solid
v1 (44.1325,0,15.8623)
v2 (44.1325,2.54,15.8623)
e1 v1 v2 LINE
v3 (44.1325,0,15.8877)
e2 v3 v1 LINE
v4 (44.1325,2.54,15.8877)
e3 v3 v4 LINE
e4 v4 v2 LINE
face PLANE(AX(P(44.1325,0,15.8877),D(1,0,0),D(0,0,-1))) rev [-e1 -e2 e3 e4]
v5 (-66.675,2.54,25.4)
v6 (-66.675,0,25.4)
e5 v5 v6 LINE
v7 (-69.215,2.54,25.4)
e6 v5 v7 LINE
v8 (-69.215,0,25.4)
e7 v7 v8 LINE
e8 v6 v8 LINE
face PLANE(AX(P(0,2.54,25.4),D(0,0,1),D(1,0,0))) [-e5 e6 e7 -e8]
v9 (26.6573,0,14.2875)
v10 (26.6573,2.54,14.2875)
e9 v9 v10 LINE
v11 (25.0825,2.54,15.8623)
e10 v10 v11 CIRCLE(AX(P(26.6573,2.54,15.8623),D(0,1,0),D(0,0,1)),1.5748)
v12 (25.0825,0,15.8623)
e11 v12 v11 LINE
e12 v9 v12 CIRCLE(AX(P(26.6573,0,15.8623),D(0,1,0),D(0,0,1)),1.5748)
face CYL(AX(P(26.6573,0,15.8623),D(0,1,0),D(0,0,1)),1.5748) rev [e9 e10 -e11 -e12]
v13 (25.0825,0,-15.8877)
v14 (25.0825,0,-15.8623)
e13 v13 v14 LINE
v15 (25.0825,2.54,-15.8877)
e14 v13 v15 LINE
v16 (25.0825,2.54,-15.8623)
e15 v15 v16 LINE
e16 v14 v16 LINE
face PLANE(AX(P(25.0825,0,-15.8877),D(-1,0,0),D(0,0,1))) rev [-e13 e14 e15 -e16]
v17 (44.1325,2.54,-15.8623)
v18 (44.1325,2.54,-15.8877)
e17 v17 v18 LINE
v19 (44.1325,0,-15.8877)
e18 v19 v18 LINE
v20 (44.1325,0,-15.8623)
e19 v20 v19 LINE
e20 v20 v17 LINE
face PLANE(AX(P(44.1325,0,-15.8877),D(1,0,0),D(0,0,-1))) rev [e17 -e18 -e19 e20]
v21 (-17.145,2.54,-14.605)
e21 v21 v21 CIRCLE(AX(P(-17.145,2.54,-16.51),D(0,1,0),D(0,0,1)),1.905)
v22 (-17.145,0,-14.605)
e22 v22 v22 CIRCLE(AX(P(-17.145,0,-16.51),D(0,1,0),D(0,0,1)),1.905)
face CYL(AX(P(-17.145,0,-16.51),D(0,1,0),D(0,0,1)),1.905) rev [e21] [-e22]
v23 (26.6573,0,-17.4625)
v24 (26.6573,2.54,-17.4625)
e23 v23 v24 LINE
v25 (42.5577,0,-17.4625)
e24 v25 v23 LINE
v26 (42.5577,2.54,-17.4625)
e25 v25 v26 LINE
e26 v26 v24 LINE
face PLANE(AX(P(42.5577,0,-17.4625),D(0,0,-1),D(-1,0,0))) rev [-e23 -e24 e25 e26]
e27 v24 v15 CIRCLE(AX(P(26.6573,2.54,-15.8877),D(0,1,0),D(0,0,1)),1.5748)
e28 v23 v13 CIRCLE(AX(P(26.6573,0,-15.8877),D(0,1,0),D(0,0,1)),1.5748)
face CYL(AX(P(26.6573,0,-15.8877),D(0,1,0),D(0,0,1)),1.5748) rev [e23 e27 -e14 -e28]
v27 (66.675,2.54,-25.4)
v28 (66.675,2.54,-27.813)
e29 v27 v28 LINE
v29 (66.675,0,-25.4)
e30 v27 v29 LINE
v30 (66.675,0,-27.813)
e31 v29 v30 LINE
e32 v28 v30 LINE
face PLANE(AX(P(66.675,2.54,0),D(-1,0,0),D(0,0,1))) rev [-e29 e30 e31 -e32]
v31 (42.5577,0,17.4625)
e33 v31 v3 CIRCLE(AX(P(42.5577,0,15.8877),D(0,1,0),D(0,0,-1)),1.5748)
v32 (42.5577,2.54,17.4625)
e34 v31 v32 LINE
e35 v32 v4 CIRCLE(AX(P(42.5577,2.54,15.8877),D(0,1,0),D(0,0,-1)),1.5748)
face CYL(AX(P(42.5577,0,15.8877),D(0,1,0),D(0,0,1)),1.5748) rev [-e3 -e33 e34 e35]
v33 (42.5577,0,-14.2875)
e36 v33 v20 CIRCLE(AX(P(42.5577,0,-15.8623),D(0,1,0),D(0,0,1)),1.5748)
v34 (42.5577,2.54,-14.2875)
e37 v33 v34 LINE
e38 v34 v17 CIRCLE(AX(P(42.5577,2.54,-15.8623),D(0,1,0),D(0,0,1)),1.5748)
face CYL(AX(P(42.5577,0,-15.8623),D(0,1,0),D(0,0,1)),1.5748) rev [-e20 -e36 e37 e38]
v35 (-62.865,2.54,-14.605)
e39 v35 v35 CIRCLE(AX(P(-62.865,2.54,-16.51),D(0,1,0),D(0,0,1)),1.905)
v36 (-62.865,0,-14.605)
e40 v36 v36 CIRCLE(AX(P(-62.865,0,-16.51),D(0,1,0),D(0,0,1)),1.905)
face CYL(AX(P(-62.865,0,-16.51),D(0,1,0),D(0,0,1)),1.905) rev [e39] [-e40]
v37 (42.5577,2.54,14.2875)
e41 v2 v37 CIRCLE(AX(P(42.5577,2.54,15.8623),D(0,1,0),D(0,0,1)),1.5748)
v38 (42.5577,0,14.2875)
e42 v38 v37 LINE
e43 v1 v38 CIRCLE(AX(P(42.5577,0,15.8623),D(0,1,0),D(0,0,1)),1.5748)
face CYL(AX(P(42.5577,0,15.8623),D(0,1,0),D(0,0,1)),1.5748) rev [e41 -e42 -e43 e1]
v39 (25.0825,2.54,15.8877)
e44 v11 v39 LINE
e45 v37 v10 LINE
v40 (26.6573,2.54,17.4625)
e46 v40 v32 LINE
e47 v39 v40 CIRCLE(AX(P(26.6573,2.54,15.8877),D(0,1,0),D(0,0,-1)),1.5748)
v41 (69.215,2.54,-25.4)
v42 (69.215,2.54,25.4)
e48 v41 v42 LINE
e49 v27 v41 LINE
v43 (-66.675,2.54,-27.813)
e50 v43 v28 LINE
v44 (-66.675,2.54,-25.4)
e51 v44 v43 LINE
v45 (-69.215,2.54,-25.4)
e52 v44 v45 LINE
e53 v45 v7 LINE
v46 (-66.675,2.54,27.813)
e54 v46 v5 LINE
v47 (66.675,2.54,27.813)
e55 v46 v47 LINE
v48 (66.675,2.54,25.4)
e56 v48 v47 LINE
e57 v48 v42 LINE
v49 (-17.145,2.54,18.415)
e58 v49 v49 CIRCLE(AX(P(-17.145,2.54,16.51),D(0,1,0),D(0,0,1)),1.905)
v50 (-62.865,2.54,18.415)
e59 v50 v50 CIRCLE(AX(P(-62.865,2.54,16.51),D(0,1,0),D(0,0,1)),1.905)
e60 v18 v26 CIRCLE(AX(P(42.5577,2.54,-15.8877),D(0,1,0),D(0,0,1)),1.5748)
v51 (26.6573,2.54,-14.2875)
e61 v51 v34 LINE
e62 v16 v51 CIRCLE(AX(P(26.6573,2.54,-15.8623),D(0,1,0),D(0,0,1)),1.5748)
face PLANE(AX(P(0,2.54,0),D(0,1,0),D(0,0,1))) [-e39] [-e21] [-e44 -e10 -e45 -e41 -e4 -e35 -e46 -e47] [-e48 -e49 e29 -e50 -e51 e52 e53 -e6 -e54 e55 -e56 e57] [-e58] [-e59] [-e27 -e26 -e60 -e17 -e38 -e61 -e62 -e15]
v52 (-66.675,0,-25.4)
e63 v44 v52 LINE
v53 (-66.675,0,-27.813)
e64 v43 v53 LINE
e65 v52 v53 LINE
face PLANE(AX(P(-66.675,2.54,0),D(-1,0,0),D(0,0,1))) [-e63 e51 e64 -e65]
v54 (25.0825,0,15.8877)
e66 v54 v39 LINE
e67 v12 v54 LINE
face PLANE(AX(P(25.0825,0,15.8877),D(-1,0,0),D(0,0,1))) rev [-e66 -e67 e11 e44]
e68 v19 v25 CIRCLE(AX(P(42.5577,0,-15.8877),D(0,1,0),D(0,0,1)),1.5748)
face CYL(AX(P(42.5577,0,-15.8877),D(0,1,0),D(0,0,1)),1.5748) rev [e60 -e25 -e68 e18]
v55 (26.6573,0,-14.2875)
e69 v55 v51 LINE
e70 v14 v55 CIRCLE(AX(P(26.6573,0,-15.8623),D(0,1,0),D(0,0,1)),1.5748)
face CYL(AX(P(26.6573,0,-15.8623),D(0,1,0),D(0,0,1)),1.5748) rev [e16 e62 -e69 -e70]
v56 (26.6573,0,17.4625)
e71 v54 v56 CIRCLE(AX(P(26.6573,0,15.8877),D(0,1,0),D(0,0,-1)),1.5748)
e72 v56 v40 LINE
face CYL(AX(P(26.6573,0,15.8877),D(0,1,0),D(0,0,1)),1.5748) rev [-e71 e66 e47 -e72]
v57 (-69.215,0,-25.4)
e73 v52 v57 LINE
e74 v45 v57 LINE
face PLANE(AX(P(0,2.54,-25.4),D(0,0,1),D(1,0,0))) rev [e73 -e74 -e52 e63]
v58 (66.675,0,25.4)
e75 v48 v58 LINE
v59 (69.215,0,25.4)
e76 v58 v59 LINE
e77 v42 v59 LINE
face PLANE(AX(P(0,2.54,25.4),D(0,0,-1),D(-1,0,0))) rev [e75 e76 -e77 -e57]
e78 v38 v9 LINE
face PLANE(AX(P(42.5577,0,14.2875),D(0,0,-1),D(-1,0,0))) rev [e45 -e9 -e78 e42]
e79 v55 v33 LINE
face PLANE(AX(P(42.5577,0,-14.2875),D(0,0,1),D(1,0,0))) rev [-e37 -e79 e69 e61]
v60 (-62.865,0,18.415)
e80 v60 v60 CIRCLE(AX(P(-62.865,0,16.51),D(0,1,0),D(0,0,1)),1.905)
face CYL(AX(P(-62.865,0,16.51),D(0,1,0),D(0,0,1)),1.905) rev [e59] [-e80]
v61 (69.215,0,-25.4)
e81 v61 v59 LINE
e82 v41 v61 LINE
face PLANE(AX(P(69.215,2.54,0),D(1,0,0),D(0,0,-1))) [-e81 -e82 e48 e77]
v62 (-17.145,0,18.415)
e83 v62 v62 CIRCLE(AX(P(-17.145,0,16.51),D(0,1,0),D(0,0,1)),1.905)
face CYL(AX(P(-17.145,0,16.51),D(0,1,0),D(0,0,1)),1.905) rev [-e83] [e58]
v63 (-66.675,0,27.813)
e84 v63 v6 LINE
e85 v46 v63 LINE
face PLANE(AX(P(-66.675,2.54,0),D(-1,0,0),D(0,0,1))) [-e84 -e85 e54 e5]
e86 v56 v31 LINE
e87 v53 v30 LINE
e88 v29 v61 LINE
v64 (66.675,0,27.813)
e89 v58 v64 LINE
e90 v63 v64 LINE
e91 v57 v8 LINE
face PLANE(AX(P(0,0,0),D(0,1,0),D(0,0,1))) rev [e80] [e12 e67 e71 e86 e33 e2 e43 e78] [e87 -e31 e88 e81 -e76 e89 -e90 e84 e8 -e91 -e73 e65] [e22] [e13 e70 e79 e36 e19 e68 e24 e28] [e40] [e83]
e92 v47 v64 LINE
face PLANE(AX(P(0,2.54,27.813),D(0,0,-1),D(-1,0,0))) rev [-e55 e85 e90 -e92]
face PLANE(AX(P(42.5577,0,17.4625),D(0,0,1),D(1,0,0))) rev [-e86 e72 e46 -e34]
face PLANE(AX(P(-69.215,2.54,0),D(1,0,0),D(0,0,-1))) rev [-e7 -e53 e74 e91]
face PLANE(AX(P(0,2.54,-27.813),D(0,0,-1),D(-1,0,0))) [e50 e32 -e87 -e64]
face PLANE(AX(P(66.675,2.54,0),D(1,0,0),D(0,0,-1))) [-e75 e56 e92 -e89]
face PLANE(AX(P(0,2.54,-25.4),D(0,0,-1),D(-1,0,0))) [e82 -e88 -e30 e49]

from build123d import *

# Parameters (mm, degrees)
BOSS_EXTRUDE1_DEPTH = 2.54
CUT_EXTRUDE1_DEPTH  = 3.54
CUT_EXTRUDE2_DEPTH  = 3.54


with BuildPart() as part:
    # Sketch1 → Boss-Extrude1 (new body)
    with BuildSketch(Plane(origin=(0, 0, 0), x_dir=(1, 0, 0), z_dir=(0, 1, 0))):
        Polygon((-66.675, 25.4), (-69.215, 25.4), (-69.215, -25.4), (-66.675, -25.4), (-66.675, -27.813), (66.675, -27.813), (66.675, -25.4), (69.215, -25.4), (69.215, 25.4), (66.675, 25.4), (66.675, 27.813), (-66.675, 27.813), align=None)
    extrude(amount=BOSS_EXTRUDE1_DEPTH)

    # Sketch2 → Cut-Extrude1 (cut, through all)
    with BuildSketch(Plane(origin=(0, 2.54, 0), x_dir=(1, 0, 0), z_dir=(0, 1, 0))):
        with BuildLine():
            ThreePointArc((-60.96, 16.51), (-64.212038418, 17.857038418), (-62.865, 14.605))
            Line((-62.865, 14.605), (-62.865, 16.51))
            Line((-62.865, 16.51), (-60.96, 16.51))
        make_face()
        with BuildLine():
            Line((-62.865, 16.51), (-62.865, 14.605))
            ThreePointArc((-62.865, 14.605), (-61.517961582, 15.162961582), (-60.96, 16.51))
            Line((-60.96, 16.51), (-62.865, 16.51))
        make_face()
        with BuildLine():
            ThreePointArc((-19.05, 16.51), (-18.492038418, 15.162961582), (-17.145, 14.605))
            Line((-17.145, 14.605), (-17.145, 16.51))
            Line((-17.145, 16.51), (-19.05, 16.51))
        make_face()
        with BuildLine():
            Line((-17.145, 16.51), (-17.145, 14.605))
            ThreePointArc((-17.145, 14.605), (-15.797961582, 15.162961582), (-15.24, 16.51))
            ThreePointArc((-15.24, 16.51), (-17.145, 18.415), (-19.05, 16.51))
            Line((-19.05, 16.51), (-17.145, 16.51))
        make_face()
        with BuildLine():
            ThreePointArc((-17.145, -14.605), (-18.492038418, -15.162961582), (-19.05, -16.51))
            Line((-19.05, -16.51), (-17.145, -16.51))
            Line((-17.145, -16.51), (-17.145, -14.605))
        make_face()
        with BuildLine():
            Line((-17.145, -16.51), (-19.05, -16.51))
            ThreePointArc((-19.05, -16.51), (-17.145, -18.415), (-15.24, -16.51))
            ThreePointArc((-15.24, -16.51), (-15.797961582, -15.162961582), (-17.145, -14.605))
            Line((-17.145, -14.605), (-17.145, -16.51))
        make_face()
        with BuildLine():
            Line((-62.865, -14.605), (-62.865, -16.51))
            Line((-62.865, -16.51), (-60.96, -16.51))
            ThreePointArc((-60.96, -16.51), (-61.517961582, -15.162961582), (-62.865, -14.605))
        make_face()
        with BuildLine():
            Line((-60.96, -16.51), (-62.865, -16.51))
            Line((-62.865, -16.51), (-62.865, -14.605))
            ThreePointArc((-62.865, -14.605), (-64.212038418, -17.857038418), (-60.96, -16.51))
        make_face()
    extrude(amount=-CUT_EXTRUDE1_DEPTH, mode=Mode.SUBTRACT)

    # Sketch3 → Cut-Extrude2 (cut, through all)
    with BuildSketch(Plane(origin=(0, 2.54, 0), x_dir=(1, 0, 0), z_dir=(0, 1, 0))):
        with BuildLine():
            Line((44.1325, 15.8877), (44.1325, 15.8623))
            ThreePointArc((44.1325, 15.8623), (43.671251759, 14.748748241), (42.5577, 14.2875))
            Line((42.5577, 14.2875), (26.6573, 14.2875))
            ThreePointArc((26.6573, 14.2875), (25.543748241, 14.748748241), (25.0825, 15.8623))
            Line((25.0825, 15.8623), (25.0825, 15.8877))
            ThreePointArc((25.0825, 15.8877), (25.543748241, 17.001251759), (26.6573, 17.4625))
            Line((26.6573, 17.4625), (42.5577, 17.4625))
            ThreePointArc((42.5577, 17.4625), (43.671251759, 17.001251759), (44.1325, 15.8877))
        make_face()
        with BuildLine():
            Line((42.5577, -17.4625), (26.6573, -17.4625))
            ThreePointArc((26.6573, -17.4625), (25.543748241, -17.001251759), (25.0825, -15.8877))
            Line((25.0825, -15.8877), (25.0825, -15.8623))
            ThreePointArc((25.0825, -15.8623), (25.543748241, -14.748748241), (26.6573, -14.2875))
            Line((26.6573, -14.2875), (42.5577, -14.2875))
            ThreePointArc((42.5577, -14.2875), (43.671251759, -14.748748241), (44.1325, -15.8623))
            Line((44.1325, -15.8623), (44.1325, -15.8877))
            ThreePointArc((44.1325, -15.8877), (43.671251759, -17.001251759), (42.5577, -17.4625))
        make_face()
    extrude(amount=-CUT_EXTRUDE2_DEPTH, mode=Mode.SUBTRACT)


solid = part.part
